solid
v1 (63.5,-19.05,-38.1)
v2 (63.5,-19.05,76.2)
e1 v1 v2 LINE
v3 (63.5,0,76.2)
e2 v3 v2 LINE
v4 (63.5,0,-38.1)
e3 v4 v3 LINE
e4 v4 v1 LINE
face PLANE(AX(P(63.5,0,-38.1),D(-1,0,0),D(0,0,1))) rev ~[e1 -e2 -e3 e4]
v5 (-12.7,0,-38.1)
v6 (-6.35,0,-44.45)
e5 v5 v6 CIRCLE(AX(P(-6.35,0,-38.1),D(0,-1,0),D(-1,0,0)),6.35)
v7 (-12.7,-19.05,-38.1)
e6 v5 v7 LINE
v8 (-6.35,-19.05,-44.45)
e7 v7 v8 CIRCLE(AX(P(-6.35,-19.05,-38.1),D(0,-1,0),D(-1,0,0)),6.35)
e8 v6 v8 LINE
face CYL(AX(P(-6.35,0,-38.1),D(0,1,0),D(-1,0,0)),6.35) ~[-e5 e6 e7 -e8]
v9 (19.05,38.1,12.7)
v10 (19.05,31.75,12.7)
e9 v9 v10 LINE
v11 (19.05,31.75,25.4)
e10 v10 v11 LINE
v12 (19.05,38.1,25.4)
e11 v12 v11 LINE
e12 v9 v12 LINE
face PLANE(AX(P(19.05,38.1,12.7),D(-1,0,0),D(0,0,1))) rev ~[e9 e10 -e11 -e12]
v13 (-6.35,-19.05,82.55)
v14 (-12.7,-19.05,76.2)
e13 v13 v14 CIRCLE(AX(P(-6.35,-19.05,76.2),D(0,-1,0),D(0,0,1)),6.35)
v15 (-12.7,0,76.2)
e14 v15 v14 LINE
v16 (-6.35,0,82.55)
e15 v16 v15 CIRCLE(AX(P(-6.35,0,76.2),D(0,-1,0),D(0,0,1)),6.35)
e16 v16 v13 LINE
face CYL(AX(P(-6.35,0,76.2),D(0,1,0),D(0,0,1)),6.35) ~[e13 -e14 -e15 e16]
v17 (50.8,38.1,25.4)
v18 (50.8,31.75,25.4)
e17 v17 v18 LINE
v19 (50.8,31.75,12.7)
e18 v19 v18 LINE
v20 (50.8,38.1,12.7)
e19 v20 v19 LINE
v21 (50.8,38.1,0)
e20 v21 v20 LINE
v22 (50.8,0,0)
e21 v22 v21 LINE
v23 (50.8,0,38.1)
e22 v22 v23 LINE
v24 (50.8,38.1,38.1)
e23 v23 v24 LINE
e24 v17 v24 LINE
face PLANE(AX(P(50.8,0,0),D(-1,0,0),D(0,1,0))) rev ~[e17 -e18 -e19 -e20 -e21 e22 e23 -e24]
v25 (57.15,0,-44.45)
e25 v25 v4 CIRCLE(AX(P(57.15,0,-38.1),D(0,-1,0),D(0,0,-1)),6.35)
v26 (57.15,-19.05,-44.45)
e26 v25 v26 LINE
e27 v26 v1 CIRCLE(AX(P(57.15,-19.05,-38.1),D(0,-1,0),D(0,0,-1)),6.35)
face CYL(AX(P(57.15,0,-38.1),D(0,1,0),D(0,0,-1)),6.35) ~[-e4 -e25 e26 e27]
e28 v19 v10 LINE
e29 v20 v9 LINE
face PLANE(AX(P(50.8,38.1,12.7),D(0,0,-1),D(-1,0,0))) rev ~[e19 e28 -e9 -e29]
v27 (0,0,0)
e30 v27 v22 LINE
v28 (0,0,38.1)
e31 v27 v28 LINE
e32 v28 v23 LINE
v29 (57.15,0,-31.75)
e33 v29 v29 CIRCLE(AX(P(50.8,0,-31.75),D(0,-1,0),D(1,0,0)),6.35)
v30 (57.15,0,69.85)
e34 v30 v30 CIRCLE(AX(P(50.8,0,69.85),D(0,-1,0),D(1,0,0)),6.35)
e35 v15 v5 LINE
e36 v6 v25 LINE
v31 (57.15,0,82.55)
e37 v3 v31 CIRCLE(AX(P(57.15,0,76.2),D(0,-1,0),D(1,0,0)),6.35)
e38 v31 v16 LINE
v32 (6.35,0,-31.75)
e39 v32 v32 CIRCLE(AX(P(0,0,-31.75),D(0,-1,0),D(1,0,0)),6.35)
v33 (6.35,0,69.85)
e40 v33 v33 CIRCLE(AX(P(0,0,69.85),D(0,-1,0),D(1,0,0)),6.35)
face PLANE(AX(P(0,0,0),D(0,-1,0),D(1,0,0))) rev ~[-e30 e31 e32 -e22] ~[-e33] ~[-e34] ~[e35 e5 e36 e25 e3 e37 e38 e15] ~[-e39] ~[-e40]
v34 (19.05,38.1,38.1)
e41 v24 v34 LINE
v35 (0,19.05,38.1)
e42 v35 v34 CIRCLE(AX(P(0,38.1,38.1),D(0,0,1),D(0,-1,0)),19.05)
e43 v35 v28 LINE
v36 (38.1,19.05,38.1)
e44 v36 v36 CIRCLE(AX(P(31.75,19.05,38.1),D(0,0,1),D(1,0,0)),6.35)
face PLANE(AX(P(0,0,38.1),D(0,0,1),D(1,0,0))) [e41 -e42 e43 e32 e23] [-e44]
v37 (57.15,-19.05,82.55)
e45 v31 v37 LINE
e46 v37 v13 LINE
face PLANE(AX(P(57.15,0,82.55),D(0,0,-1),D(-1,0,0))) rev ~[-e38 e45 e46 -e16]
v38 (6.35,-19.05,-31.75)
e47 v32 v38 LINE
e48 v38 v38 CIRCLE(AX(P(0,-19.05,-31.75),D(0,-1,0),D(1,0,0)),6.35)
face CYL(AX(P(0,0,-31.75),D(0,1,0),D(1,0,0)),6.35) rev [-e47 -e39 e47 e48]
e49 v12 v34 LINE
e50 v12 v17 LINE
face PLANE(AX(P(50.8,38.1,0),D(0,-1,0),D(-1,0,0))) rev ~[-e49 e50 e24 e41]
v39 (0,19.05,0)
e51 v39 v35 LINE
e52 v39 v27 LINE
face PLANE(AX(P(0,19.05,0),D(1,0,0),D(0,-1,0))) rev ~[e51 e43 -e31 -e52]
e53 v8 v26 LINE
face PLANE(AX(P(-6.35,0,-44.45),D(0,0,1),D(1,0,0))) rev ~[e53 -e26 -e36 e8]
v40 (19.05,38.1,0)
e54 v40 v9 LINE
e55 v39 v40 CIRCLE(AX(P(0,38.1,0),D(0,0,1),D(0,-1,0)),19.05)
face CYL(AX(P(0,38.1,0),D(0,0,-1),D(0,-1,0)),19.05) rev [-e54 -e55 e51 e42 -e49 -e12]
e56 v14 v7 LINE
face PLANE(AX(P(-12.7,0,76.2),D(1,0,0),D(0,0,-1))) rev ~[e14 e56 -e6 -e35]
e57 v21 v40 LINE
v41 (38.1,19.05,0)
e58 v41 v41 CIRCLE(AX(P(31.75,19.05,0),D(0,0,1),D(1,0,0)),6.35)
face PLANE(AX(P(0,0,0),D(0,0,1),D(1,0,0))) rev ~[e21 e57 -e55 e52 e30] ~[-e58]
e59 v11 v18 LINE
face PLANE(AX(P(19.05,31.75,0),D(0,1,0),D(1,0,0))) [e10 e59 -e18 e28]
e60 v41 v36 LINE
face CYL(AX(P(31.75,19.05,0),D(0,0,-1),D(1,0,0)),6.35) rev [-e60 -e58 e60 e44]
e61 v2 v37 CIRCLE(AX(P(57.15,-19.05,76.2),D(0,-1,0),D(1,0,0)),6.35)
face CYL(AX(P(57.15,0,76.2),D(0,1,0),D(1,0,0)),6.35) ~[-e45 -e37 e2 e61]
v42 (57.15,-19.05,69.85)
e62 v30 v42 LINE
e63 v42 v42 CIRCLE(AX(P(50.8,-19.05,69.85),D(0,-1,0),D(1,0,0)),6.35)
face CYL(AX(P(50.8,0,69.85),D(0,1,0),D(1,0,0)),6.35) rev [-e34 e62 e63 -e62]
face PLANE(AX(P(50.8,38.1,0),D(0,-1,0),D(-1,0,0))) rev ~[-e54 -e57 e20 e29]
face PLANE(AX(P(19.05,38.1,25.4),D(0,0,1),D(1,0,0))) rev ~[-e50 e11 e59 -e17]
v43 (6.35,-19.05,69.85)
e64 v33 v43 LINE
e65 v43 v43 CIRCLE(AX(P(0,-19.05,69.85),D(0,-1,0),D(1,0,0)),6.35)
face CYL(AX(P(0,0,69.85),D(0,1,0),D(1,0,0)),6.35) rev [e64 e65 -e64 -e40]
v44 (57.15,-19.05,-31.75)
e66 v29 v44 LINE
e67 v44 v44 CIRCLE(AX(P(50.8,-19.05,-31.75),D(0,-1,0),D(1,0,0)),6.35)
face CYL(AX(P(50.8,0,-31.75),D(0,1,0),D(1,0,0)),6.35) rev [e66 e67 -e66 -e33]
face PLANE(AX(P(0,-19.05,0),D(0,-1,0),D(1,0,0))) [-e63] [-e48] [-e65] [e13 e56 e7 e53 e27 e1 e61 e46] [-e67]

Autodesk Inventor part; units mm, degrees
ref_plane "YZ Plane" through (0, 0, 0) normal (1, 0, 0) x (0, 1, 0)
ref_plane "XZ Plane" through (0, 0, 0) normal (0, 1, 0) x (-1, 0, 0)
ref_plane "XY Plane" through (0, 0, 0) normal (0, 0, 1) x (1, 0, 0)
sketch "Sketch1" plane through (0, 0, 0) normal (0, 0, 1) x (1, 0, 0)
  line L0 (0, 0) -> (50.8, 0)
  line L1 (50.8, 0) -> (50.8, 38.1)
  line L2 (50.8, 38.1) -> (19.05, 38.1)
  line L3 (0, 19.05) -> (0, 0)
  arc A0 (0, 19.05) -> (19.05, 38.1) centre (0, 38.1) ccw
  circle A1 centre (31.75, 19.05) radius 6.35
  dimension "d0" = 38.1
  dimension "d1" = 50.8
  dimension "d4" = 19.05
  dimension "d5" = 12.7
  dimension "d6" = 19.05
  dimension "d7" = 19.05
extrude "Extrusion1" add sketch "Sketch1" along normal blind 38.1
sketch "Sketch2" plane through (0, 0, 0) normal (0, -1, 0) x (1, 0, 0)
  line L0 (57.15, 82.55) -> (-6.35, 82.55)
  line L1 (-12.7, 76.2) -> (-12.7, -38.1)
  line L2 (-6.35, -44.45) -> (57.15, -44.45)
  line L3 (63.5, -38.1) -> (63.5, 76.2)
  line L4 (0, 0) -> (0, 38.1) projected
  line L5 (0, 0) -> (50.8, 0) projected
  arc A0 (63.5, 76.2) -> (57.15, 82.55) centre (57.15, 76.2) ccw
  arc A1 (-6.35, 82.55) -> (-12.7, 76.2) centre (-6.35, 76.2) ccw
  arc A2 (-12.7, -38.1) -> (-6.35, -44.45) centre (-6.35, -38.1) ccw
  arc A3 (57.15, -44.45) -> (63.5, -38.1) centre (57.15, -38.1) ccw
  circle A4 centre (50.8, -31.75) radius 6.35
  circle A5 centre (0, -31.75) radius 6.35
  circle A6 centre (50.8, 69.85) radius 6.35
  circle A7 centre (0, 69.85) radius 6.35
  point P0 (-12.7, -44.45)
  point P1 (-12.7, 82.55)
  point P2 (63.5, -44.45)
  dimension "d11" = 76.2
  dimension "d12" = 127
  dimension "d13" = 12.7
  dimension "d14" = 44.45
  dimension "d15" = 6.35
  dimension "d16" = 12.7
  dimension "d17" = 12.7
  dimension "d18" = 12.7
extrude "Extrusion2" add sketch "Sketch2" along normal blind 19.05
sketch "Sketch3" plane through (19.05, 38.1, 0) normal (0, 1, 0) x (1, 0, 0)
  line L0 (31.75, 0) -> (31.75, -38.1) projected
  line L1 (0, 0) -> (0, -38.1) projected
  line L2 (31.75, -12.7) -> (0, -12.7)
  line L3 (0, -12.7) -> (0, -25.4)
  line L4 (0, -25.4) -> (31.75, -25.4)
  line L5 (31.75, -25.4) -> (31.75, -12.7)
  point P0 (-19.05, 0)
  dimension "d21" = 12.7
  dimension "d22" = 12.7
extrude "Extrusion3" cut sketch "Sketch3" against normal blind 6.35
properties part number "HW 8 Part6"
